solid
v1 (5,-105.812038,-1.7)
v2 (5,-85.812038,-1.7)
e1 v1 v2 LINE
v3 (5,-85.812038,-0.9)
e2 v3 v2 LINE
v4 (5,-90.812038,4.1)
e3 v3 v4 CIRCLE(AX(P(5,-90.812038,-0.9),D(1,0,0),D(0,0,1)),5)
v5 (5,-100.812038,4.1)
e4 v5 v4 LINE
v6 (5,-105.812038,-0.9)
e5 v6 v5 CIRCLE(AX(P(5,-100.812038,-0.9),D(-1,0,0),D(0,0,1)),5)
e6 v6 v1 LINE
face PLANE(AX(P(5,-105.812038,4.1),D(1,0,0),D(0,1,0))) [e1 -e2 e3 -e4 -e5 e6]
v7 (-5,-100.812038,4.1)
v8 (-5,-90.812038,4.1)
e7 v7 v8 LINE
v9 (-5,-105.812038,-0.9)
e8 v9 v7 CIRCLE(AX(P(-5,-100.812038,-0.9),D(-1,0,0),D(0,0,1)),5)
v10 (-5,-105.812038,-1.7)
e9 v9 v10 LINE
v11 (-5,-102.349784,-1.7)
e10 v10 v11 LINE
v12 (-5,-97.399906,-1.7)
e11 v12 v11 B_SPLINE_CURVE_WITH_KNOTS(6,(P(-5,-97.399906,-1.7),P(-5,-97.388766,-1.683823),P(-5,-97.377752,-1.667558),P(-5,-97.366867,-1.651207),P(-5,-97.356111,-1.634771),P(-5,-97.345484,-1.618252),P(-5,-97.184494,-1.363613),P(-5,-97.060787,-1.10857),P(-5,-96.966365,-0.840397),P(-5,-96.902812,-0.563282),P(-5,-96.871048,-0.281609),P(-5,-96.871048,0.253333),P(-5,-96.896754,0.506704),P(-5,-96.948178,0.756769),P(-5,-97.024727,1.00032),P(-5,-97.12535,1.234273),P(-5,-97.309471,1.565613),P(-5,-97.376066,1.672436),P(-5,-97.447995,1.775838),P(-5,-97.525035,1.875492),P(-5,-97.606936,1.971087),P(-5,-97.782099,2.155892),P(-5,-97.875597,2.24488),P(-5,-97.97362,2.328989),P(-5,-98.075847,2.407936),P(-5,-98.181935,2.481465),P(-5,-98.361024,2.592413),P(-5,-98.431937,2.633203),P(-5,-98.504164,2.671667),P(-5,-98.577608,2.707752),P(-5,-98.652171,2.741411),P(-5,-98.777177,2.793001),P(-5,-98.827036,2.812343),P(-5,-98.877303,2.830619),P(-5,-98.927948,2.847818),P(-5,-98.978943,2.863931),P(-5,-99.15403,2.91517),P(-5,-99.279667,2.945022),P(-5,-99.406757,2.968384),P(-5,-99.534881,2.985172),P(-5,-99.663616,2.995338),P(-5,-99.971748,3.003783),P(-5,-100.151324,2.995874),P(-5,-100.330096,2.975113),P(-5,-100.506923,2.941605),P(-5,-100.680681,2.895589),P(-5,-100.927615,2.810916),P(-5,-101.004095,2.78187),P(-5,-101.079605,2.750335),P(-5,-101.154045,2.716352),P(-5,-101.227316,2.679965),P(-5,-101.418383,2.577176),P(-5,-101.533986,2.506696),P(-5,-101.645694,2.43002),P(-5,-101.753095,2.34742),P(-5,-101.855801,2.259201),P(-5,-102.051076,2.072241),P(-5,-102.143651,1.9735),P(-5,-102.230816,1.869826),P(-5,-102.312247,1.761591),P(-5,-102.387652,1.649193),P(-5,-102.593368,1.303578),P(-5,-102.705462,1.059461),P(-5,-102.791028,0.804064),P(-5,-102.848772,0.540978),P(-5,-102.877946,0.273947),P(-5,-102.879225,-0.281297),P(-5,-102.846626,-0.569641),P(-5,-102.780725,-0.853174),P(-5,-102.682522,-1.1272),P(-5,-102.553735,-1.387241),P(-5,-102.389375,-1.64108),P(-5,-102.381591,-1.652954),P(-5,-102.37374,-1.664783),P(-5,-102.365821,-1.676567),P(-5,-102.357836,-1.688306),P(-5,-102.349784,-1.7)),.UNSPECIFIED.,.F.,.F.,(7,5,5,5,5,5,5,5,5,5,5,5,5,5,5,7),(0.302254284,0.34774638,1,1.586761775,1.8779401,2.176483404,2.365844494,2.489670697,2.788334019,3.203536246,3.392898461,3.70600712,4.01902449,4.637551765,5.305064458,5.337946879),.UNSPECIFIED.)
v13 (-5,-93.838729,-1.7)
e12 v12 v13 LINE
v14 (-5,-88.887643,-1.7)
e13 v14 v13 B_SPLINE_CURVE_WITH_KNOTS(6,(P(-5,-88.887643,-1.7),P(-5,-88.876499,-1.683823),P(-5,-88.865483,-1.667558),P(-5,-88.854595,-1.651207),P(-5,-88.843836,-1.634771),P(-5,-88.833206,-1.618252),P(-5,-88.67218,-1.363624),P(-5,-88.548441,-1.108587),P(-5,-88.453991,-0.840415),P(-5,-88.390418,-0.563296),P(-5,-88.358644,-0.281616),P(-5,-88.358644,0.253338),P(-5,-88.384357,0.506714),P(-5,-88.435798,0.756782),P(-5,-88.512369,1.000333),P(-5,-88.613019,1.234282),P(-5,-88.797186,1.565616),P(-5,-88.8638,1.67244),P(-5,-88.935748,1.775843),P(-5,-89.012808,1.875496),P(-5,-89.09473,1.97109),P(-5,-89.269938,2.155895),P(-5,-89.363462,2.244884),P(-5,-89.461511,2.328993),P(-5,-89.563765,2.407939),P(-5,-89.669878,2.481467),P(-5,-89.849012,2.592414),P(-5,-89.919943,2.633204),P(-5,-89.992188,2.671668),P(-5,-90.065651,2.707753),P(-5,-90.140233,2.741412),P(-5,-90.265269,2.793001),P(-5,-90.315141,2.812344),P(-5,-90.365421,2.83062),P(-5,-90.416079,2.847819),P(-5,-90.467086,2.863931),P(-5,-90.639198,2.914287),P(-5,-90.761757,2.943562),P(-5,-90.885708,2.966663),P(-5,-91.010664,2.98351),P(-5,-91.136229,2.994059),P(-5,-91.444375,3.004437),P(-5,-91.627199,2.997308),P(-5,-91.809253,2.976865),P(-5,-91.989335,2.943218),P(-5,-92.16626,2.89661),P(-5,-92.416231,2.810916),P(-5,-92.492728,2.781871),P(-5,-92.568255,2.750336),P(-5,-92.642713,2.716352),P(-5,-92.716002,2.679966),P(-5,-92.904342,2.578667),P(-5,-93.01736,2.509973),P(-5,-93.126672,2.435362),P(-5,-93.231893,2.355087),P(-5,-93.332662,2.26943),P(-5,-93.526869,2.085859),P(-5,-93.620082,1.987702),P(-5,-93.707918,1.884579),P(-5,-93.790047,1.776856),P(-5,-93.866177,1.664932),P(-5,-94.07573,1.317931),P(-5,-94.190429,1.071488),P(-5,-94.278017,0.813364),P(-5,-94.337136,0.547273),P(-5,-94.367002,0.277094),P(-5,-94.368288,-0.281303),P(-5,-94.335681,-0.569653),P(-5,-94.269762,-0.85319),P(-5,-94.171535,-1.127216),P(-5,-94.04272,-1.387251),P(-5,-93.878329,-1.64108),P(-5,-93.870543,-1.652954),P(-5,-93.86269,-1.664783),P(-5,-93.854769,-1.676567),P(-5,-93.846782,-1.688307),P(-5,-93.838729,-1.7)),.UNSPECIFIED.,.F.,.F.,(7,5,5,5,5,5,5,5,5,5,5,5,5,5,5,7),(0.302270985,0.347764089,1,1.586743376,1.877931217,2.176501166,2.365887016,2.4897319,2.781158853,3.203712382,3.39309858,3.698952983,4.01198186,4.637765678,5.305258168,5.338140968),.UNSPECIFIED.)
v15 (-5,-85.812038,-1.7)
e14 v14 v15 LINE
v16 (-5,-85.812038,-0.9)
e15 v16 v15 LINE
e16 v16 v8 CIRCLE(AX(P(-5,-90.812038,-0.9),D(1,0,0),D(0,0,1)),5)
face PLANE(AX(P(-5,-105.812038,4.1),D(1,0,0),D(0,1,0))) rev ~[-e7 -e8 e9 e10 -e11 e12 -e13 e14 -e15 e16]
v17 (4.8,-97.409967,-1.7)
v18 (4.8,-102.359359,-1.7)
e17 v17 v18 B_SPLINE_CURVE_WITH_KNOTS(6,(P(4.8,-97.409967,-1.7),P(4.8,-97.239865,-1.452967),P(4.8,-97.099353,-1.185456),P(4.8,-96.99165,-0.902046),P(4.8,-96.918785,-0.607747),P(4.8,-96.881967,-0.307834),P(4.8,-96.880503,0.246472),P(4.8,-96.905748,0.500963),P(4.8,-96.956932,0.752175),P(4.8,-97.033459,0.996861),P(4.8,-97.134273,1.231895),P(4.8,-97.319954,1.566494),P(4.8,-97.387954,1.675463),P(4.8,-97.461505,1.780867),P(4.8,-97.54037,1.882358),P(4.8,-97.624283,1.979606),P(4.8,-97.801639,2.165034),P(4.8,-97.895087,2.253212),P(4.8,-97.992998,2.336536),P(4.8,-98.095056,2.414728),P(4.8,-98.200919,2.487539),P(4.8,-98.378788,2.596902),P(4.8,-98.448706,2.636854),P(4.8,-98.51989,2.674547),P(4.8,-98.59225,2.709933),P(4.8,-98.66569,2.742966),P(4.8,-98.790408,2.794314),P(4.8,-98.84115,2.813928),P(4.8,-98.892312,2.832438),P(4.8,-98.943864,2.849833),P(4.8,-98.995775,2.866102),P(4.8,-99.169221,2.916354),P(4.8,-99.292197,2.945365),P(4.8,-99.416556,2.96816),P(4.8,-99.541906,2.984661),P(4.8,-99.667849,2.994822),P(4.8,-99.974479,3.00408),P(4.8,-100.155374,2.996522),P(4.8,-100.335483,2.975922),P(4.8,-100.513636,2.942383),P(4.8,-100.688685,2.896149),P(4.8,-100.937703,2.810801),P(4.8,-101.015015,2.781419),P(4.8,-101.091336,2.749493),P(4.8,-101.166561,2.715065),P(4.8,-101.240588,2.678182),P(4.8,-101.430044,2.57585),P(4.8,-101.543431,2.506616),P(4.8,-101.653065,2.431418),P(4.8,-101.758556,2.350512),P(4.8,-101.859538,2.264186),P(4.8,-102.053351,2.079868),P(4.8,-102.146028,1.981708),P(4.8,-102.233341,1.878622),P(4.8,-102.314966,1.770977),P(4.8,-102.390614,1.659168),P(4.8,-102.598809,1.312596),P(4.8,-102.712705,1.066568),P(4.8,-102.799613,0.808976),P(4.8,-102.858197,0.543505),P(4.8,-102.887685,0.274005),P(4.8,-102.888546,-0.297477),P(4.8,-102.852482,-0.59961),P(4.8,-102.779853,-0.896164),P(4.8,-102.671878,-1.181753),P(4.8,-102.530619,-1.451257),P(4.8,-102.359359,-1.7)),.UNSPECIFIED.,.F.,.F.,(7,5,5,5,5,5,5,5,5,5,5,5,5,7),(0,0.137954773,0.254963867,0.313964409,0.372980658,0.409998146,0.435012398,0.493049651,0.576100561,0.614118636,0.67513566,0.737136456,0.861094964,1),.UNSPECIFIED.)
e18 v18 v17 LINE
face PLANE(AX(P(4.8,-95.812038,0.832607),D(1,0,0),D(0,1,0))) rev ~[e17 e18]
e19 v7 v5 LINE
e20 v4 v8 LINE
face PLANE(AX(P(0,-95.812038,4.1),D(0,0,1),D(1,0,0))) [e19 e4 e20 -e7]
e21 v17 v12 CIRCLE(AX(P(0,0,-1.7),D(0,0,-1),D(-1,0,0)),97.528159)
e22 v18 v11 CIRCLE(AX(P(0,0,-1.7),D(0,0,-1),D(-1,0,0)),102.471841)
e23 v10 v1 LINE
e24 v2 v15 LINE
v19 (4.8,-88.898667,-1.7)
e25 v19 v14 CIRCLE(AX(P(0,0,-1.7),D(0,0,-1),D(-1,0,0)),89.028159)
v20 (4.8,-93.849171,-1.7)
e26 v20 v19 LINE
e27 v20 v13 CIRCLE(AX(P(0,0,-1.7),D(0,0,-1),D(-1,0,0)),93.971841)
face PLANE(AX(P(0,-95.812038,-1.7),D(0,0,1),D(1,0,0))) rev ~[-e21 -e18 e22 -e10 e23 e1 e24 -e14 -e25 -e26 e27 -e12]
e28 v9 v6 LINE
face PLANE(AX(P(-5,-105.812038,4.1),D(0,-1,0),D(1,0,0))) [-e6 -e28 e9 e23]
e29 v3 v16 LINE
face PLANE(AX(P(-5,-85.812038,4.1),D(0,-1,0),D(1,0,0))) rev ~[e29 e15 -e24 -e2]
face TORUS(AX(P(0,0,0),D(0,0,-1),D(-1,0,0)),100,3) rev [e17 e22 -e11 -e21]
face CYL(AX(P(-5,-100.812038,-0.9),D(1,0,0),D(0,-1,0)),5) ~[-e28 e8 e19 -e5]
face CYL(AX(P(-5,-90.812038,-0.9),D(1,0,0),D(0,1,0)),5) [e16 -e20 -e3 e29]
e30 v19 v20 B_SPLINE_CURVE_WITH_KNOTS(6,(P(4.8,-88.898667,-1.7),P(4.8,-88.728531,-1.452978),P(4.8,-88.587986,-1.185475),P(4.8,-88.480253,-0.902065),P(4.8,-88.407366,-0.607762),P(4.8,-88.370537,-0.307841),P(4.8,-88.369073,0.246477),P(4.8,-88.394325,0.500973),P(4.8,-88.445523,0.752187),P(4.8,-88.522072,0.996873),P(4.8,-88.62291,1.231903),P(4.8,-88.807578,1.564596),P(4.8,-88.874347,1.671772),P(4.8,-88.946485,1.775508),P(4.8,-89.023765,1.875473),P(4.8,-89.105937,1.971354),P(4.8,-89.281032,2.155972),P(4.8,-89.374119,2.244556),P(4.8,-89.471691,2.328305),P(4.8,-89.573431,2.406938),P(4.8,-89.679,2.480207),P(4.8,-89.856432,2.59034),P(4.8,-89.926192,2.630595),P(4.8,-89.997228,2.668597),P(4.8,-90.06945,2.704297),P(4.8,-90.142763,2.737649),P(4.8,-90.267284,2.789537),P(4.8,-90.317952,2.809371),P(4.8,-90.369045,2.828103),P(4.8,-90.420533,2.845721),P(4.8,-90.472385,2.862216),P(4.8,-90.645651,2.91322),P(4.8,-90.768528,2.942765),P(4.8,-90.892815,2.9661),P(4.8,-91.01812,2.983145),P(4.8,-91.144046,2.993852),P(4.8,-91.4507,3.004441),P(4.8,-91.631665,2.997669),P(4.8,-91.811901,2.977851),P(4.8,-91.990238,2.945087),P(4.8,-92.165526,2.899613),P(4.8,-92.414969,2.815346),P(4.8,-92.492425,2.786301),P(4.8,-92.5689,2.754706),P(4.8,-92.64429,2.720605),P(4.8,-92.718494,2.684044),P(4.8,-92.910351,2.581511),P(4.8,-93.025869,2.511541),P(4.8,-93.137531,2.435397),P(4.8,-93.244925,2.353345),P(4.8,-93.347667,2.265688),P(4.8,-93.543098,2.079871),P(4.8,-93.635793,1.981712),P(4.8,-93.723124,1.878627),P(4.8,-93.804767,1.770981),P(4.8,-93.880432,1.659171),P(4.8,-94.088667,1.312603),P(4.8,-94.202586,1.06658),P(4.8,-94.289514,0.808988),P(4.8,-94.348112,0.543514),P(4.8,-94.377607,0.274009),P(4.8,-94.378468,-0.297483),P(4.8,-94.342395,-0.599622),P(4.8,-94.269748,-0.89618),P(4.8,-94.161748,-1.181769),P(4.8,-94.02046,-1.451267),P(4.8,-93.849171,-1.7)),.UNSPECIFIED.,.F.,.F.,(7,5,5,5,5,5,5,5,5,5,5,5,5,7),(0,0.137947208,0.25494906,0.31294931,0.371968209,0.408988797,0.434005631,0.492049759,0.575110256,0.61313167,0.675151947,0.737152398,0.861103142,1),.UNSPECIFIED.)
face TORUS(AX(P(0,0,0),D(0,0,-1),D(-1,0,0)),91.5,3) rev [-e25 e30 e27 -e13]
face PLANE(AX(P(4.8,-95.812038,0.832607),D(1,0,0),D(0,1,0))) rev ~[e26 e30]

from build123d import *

# Parameters (mm, degrees)
F5_W      = 10
F5_H      = 20
F6_DEPTH  = 5.8
F0_R      = 3
F2_R      = 3
F9_R      = 5
F11_DEPTH = 0.2


with BuildPart() as f6:
    # F5 (on offset) → F6 (new body)
    with BuildSketch(Plane.XY.offset(4.1)):
        with Locations((0, -95.8120375872)):
            Rectangle(F5_W, F5_H)
    extrude(amount=-F6_DEPTH)

    # F0 (on Front) → F7 (revolve, cut)
    with BuildSketch(Plane.XZ):
        with Locations((-91.5, 0)):
            Circle(F0_R)
    revolve(axis=Axis((0, 0, 0), (0, 0, 1)), mode=Mode.SUBTRACT)

    # F2 (on Front) → F8 (revolve, cut)
    with BuildSketch(Plane.XZ):
        with Locations((-100, 0)):
            Circle(F2_R)
    revolve(axis=Axis((0, 0, 0), (0, 0, 1)), mode=Mode.SUBTRACT)

    # F9
    f9_edges = [f6.edges().sort_by_distance(p)[0] for p in [
        (0, -105.812038, 4.1),
        (0, -85.812038, 4.1),
    ]]
    fillet(f9_edges, radius=F9_R)

    # F10 (on face) → F11 (join)
    with BuildSketch(Plane.YZ.offset(5)):
        with BuildLine():
            Line((-90.8120375872, 4.1), (-100.8120375872, 4.1))
            ThreePointArc((-100.8120375872, 4.1), (-104.3475714931, 2.6355339059), (-105.8120375872, -0.9))
            Line((-105.8120375872, -0.9), (-105.8120375872, -1.7))
            Line((-105.8120375872, -1.7), (-85.8120375872, -1.7))
            Line((-85.8120375872, -1.7), (-85.8120375872, -0.9))
            ThreePointArc((-85.8120375872, -0.9), (-87.2765036812, 2.6355339059), (-90.8120375872, 4.1))
        make_face()
    extrude(amount=-F11_DEPTH)


solid = f6.part
